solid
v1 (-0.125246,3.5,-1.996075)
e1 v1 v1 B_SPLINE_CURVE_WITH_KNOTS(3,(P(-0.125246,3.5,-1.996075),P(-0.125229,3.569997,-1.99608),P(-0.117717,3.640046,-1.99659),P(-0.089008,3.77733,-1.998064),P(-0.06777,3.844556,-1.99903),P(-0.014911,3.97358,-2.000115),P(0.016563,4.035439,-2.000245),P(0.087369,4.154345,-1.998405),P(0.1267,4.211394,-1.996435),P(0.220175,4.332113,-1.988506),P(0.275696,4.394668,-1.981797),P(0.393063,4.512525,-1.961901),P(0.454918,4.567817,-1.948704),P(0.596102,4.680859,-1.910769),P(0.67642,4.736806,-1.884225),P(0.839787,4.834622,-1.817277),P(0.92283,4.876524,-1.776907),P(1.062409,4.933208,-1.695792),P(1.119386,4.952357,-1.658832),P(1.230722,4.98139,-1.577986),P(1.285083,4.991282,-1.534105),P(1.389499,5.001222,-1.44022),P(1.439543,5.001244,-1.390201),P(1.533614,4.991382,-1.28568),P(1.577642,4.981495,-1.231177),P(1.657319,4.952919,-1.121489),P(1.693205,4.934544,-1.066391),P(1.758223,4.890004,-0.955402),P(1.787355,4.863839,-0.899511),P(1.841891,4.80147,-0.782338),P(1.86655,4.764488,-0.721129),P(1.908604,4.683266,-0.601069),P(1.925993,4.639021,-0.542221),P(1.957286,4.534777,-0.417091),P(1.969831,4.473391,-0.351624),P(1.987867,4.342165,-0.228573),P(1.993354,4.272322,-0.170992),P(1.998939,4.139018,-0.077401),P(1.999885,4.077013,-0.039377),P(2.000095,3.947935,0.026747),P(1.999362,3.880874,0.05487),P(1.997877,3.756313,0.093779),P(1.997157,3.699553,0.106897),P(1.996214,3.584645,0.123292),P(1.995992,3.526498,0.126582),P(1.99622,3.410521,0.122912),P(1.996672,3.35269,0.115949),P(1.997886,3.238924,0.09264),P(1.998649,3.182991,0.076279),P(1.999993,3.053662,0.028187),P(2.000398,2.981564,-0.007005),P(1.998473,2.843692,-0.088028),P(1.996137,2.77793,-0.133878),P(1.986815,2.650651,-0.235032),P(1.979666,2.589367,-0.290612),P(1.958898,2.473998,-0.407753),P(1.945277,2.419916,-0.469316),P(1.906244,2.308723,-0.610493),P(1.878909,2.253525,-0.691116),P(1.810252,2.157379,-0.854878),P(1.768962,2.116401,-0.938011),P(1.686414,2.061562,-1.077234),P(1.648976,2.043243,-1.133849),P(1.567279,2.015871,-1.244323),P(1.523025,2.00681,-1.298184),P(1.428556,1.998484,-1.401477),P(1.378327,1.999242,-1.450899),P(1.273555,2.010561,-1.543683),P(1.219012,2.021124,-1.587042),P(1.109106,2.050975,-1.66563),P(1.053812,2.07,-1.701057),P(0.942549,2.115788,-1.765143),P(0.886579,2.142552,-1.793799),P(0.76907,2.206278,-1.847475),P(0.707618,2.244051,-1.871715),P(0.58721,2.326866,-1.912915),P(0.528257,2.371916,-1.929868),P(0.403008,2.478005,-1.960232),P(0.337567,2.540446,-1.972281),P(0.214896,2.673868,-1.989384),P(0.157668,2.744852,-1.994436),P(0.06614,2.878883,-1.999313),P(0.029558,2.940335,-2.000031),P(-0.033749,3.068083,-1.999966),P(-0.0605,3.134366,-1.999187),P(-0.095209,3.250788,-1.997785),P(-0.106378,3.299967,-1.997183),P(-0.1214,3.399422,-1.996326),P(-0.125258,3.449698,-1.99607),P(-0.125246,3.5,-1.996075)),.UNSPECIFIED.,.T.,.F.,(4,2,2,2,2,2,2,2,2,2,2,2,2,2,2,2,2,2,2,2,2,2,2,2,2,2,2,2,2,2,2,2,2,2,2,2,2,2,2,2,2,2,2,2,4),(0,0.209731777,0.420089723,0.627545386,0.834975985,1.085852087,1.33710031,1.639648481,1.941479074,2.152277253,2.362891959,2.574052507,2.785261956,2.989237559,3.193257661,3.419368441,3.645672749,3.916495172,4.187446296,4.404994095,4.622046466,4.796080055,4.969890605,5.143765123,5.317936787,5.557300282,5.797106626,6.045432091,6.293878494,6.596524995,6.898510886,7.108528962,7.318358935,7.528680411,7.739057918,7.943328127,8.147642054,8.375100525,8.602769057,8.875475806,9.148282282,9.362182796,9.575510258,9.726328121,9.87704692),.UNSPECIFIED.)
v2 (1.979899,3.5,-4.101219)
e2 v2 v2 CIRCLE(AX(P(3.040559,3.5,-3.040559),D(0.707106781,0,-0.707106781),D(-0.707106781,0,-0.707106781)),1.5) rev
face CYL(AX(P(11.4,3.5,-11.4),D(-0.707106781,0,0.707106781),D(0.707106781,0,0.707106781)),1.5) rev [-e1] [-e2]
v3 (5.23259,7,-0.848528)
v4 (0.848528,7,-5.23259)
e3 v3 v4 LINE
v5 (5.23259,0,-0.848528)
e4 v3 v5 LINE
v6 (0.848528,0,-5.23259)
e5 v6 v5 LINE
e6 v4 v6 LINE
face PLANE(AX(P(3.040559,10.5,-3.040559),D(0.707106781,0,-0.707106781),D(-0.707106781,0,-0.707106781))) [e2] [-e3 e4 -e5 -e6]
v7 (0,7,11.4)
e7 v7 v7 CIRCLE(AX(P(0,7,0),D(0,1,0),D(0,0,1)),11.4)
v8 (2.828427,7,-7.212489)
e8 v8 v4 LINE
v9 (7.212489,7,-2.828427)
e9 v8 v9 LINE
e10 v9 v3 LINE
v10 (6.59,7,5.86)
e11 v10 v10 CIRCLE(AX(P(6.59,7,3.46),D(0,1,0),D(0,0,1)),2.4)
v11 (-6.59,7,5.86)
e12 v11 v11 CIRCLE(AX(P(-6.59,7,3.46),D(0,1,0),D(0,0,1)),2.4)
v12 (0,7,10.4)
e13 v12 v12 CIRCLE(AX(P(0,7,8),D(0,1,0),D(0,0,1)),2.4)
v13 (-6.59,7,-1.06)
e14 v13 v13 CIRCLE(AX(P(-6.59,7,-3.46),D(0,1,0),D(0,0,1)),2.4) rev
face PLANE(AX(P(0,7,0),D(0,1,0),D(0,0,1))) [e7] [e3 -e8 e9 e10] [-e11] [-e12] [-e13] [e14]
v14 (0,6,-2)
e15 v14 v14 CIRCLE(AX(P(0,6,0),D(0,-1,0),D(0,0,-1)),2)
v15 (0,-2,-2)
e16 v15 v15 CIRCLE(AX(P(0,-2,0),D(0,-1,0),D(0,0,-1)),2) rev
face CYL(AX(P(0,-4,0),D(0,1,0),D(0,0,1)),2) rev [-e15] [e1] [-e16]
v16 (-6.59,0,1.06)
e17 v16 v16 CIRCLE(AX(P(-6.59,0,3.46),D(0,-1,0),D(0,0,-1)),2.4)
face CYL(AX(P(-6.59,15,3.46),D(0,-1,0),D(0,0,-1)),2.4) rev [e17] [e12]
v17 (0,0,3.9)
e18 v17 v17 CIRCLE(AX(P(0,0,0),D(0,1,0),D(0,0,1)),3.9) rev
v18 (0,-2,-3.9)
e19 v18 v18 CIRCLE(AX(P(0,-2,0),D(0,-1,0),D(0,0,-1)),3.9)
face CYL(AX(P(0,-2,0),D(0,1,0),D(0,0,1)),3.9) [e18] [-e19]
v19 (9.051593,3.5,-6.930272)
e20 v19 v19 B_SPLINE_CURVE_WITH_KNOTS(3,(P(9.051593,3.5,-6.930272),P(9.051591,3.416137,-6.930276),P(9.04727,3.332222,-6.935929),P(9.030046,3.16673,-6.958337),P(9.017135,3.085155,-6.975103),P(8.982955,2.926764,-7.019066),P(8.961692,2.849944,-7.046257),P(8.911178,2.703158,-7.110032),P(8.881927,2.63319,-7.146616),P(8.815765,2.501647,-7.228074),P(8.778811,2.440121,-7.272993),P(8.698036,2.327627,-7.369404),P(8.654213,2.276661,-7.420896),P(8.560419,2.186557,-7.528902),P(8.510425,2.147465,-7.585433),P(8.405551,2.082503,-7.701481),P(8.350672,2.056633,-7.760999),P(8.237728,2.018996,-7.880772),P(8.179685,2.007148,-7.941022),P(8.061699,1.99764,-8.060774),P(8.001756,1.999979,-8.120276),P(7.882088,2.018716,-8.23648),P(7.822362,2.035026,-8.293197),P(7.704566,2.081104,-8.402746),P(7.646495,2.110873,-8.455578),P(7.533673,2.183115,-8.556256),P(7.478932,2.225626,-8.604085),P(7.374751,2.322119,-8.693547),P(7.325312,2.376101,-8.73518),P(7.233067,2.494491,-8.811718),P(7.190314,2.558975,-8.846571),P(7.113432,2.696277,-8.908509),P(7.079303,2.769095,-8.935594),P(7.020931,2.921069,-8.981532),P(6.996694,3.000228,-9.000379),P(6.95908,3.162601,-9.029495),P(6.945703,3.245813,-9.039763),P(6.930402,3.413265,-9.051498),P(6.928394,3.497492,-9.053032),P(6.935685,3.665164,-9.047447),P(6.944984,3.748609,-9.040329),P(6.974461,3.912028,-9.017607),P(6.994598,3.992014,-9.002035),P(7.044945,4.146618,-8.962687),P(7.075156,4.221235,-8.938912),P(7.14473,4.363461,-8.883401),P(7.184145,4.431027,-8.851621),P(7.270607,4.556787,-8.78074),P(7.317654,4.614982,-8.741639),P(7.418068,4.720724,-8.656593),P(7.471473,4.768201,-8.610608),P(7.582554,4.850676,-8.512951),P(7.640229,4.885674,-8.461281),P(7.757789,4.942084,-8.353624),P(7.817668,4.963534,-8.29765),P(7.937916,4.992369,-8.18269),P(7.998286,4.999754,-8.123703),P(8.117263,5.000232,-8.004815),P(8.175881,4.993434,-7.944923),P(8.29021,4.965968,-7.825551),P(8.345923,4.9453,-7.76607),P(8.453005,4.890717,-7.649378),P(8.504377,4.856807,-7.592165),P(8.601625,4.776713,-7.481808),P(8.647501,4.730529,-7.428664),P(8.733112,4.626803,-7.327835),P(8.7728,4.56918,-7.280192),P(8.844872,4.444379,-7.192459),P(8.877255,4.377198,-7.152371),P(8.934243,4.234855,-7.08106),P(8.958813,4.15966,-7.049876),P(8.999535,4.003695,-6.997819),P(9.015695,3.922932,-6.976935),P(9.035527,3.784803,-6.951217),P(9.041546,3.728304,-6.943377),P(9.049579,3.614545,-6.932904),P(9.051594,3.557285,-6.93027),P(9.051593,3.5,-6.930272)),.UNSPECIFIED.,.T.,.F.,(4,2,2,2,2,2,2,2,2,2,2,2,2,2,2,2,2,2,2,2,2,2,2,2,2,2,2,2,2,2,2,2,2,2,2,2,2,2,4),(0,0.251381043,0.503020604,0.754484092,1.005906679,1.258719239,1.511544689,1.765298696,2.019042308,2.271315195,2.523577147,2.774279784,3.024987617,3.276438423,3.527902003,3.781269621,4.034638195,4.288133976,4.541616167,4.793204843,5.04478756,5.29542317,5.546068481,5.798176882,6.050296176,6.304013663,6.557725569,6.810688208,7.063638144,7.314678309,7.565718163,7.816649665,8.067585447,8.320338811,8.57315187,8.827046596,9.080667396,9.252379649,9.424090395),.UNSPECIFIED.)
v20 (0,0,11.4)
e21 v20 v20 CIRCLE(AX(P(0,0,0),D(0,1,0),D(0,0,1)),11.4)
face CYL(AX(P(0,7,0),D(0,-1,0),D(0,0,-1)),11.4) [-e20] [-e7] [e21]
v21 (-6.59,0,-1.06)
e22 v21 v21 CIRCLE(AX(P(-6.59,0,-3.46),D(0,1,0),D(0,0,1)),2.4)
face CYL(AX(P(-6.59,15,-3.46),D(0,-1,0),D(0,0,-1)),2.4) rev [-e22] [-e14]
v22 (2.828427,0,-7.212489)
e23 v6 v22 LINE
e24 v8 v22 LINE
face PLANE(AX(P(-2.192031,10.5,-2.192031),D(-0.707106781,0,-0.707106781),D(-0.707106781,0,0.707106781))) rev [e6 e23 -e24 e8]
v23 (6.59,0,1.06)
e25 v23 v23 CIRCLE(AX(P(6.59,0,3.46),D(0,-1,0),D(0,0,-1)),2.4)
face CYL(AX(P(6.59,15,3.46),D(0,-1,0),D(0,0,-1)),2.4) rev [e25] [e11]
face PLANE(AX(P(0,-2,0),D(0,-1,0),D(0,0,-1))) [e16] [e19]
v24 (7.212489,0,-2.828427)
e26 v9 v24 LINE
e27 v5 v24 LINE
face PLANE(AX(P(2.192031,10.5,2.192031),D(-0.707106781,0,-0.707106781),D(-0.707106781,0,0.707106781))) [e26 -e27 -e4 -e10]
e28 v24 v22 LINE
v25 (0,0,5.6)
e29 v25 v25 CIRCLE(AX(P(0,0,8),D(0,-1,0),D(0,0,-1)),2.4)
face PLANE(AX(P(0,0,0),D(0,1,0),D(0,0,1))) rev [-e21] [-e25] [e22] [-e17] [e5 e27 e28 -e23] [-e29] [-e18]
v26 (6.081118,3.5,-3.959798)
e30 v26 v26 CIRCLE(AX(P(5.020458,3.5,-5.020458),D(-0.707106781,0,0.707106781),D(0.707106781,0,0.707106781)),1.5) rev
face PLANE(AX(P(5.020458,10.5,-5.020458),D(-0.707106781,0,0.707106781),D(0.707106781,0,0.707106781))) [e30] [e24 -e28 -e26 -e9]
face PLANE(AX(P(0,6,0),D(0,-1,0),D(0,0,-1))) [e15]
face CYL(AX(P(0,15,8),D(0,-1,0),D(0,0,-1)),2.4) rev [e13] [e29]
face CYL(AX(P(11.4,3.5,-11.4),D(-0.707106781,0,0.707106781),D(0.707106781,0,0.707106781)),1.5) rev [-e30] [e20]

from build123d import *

# Parameters (mm, degrees)
ESBO_O2_R                         = 11.4
RESSALTO_EXTRUS_O3_DEPTH          = 7
ESBO_O1_R                         = 2.4
CORTE_EXTRUS_O4_DEPTH             = 15
ESBO_O6_R                         = 3.9
RESSALTO_EXTRUS_O5_DEPTH          = 2
CORTE_EXTRUS_O7_DEPTH             = 4
CORTE_EXTRUS_O7_DEPTH_BACK        = 6
ESBO_O4_R                         = 2
CORTE_EXTRUS_O8_DEPTH             = 10.5
CORTE_EXTRUS_O9_REACH             = 23.588
ESBO_O8_R                         = 1.5
CORTE_EXTRUS_O9_DIRECTION_2_DEPTH = 22.588411189


with BuildPart() as part:
    # Esboço2 → Ressalto-extrusão3 (new body)
    with BuildSketch(Plane(origin=(0, 0, 0), x_dir=(1, 0, 0), z_dir=(0, 1, 0))):
        with Locations(Location((0, 0, 0), (0, 0, 270))):
            Circle(ESBO_O2_R)
    extrude(amount=RESSALTO_EXTRUS_O3_DEPTH)

    # Esboço1 → Corte-extrusão4 (cut)
    with BuildSketch(Plane(origin=(0, 0, 0), x_dir=(1, 0, 0), z_dir=(0, 1, 0))):
        with Locations(Location((-6.59, 3.46, 0), (0, 0, 270))):
            Circle(ESBO_O1_R)
        with Locations(Location((6.59, -3.46, 0), (0, 0, 90))):
            Circle(ESBO_O1_R)
        with Locations(Location((0, -8, 0), (0, 0, 90))):
            Circle(ESBO_O1_R)
        with Locations(Location((-6.59, -3.46, 0), (0, 0, 90))):
            Circle(ESBO_O1_R)
    extrude(amount=CORTE_EXTRUS_O4_DEPTH, mode=Mode.SUBTRACT)

    # Esboço6 → Ressalto-extrusão5 (add)
    with BuildSketch(Plane.XZ):
        with Locations(Location((0, 0, 0), (0, 0, 90))):
            Circle(ESBO_O6_R)
    extrude(amount=RESSALTO_EXTRUS_O5_DEPTH)

    # Esboço4 → Corte-extrusão7 (cut, two sides: drawn at the far end of the back side and taken through both)
    with BuildSketch(Plane(origin=(0, 0, 0), x_dir=(-1, 0, 0), z_dir=(0, -1, 0)).offset(-CORTE_EXTRUS_O7_DEPTH_BACK)):
        with Locations(Location((0, 0, 0), (0, 0, 90))):
            Circle(ESBO_O4_R)
    extrude(amount=CORTE_EXTRUS_O7_DEPTH + CORTE_EXTRUS_O7_DEPTH_BACK, mode=Mode.SUBTRACT)

    # Esboço7 → Corte-extrusão8 (cut)
    with BuildSketch(Plane.XZ):
        Polygon((7.212489168, -2.828427125), (2.828427125, -7.212489168), (0.848528137, -5.232590181), (3.040559159, -3.040559159), (5.232590181, -0.848528137), align=None)
    extrude(amount=-CORTE_EXTRUS_O8_DEPTH, mode=Mode.SUBTRACT)

    # Esboço8 → Corte-extrusão9 (cut, up to next)
    with BuildSketch(Plane(origin=(3.040559159, 0, -3.040559159), x_dir=(-0.7071067811865475, 0, -0.7071067811865477), z_dir=(0.7071067811865477, 0, -0.7071067811865475)), mode=Mode.PRIVATE) as corte_extrus_o9_sk1:
        with Locations((0, 3.5)):
            Circle(ESBO_O8_R)
    corte_extrus_o9_tool1 = extrude(corte_extrus_o9_sk1.sketch, amount=-CORTE_EXTRUS_O9_REACH, mode=Mode.PRIVATE) & part.part
    add(corte_extrus_o9_tool1.solids().sort_by_distance((3.040559, 3.5, -3.040559))[0], mode=Mode.SUBTRACT)

    # Esboço8 → Corte-extrusão9 direction 2 (cut)
    with BuildSketch(Plane(origin=(3.040559159, 0, -3.040559159), x_dir=(-0.7071067811865475, 0, -0.7071067811865477), z_dir=(0.7071067811865477, 0, -0.7071067811865475))):
        with Locations((0, 3.5)):
            Circle(ESBO_O8_R)
    extrude(amount=CORTE_EXTRUS_O9_DIRECTION_2_DEPTH, mode=Mode.SUBTRACT)


solid = part.part
